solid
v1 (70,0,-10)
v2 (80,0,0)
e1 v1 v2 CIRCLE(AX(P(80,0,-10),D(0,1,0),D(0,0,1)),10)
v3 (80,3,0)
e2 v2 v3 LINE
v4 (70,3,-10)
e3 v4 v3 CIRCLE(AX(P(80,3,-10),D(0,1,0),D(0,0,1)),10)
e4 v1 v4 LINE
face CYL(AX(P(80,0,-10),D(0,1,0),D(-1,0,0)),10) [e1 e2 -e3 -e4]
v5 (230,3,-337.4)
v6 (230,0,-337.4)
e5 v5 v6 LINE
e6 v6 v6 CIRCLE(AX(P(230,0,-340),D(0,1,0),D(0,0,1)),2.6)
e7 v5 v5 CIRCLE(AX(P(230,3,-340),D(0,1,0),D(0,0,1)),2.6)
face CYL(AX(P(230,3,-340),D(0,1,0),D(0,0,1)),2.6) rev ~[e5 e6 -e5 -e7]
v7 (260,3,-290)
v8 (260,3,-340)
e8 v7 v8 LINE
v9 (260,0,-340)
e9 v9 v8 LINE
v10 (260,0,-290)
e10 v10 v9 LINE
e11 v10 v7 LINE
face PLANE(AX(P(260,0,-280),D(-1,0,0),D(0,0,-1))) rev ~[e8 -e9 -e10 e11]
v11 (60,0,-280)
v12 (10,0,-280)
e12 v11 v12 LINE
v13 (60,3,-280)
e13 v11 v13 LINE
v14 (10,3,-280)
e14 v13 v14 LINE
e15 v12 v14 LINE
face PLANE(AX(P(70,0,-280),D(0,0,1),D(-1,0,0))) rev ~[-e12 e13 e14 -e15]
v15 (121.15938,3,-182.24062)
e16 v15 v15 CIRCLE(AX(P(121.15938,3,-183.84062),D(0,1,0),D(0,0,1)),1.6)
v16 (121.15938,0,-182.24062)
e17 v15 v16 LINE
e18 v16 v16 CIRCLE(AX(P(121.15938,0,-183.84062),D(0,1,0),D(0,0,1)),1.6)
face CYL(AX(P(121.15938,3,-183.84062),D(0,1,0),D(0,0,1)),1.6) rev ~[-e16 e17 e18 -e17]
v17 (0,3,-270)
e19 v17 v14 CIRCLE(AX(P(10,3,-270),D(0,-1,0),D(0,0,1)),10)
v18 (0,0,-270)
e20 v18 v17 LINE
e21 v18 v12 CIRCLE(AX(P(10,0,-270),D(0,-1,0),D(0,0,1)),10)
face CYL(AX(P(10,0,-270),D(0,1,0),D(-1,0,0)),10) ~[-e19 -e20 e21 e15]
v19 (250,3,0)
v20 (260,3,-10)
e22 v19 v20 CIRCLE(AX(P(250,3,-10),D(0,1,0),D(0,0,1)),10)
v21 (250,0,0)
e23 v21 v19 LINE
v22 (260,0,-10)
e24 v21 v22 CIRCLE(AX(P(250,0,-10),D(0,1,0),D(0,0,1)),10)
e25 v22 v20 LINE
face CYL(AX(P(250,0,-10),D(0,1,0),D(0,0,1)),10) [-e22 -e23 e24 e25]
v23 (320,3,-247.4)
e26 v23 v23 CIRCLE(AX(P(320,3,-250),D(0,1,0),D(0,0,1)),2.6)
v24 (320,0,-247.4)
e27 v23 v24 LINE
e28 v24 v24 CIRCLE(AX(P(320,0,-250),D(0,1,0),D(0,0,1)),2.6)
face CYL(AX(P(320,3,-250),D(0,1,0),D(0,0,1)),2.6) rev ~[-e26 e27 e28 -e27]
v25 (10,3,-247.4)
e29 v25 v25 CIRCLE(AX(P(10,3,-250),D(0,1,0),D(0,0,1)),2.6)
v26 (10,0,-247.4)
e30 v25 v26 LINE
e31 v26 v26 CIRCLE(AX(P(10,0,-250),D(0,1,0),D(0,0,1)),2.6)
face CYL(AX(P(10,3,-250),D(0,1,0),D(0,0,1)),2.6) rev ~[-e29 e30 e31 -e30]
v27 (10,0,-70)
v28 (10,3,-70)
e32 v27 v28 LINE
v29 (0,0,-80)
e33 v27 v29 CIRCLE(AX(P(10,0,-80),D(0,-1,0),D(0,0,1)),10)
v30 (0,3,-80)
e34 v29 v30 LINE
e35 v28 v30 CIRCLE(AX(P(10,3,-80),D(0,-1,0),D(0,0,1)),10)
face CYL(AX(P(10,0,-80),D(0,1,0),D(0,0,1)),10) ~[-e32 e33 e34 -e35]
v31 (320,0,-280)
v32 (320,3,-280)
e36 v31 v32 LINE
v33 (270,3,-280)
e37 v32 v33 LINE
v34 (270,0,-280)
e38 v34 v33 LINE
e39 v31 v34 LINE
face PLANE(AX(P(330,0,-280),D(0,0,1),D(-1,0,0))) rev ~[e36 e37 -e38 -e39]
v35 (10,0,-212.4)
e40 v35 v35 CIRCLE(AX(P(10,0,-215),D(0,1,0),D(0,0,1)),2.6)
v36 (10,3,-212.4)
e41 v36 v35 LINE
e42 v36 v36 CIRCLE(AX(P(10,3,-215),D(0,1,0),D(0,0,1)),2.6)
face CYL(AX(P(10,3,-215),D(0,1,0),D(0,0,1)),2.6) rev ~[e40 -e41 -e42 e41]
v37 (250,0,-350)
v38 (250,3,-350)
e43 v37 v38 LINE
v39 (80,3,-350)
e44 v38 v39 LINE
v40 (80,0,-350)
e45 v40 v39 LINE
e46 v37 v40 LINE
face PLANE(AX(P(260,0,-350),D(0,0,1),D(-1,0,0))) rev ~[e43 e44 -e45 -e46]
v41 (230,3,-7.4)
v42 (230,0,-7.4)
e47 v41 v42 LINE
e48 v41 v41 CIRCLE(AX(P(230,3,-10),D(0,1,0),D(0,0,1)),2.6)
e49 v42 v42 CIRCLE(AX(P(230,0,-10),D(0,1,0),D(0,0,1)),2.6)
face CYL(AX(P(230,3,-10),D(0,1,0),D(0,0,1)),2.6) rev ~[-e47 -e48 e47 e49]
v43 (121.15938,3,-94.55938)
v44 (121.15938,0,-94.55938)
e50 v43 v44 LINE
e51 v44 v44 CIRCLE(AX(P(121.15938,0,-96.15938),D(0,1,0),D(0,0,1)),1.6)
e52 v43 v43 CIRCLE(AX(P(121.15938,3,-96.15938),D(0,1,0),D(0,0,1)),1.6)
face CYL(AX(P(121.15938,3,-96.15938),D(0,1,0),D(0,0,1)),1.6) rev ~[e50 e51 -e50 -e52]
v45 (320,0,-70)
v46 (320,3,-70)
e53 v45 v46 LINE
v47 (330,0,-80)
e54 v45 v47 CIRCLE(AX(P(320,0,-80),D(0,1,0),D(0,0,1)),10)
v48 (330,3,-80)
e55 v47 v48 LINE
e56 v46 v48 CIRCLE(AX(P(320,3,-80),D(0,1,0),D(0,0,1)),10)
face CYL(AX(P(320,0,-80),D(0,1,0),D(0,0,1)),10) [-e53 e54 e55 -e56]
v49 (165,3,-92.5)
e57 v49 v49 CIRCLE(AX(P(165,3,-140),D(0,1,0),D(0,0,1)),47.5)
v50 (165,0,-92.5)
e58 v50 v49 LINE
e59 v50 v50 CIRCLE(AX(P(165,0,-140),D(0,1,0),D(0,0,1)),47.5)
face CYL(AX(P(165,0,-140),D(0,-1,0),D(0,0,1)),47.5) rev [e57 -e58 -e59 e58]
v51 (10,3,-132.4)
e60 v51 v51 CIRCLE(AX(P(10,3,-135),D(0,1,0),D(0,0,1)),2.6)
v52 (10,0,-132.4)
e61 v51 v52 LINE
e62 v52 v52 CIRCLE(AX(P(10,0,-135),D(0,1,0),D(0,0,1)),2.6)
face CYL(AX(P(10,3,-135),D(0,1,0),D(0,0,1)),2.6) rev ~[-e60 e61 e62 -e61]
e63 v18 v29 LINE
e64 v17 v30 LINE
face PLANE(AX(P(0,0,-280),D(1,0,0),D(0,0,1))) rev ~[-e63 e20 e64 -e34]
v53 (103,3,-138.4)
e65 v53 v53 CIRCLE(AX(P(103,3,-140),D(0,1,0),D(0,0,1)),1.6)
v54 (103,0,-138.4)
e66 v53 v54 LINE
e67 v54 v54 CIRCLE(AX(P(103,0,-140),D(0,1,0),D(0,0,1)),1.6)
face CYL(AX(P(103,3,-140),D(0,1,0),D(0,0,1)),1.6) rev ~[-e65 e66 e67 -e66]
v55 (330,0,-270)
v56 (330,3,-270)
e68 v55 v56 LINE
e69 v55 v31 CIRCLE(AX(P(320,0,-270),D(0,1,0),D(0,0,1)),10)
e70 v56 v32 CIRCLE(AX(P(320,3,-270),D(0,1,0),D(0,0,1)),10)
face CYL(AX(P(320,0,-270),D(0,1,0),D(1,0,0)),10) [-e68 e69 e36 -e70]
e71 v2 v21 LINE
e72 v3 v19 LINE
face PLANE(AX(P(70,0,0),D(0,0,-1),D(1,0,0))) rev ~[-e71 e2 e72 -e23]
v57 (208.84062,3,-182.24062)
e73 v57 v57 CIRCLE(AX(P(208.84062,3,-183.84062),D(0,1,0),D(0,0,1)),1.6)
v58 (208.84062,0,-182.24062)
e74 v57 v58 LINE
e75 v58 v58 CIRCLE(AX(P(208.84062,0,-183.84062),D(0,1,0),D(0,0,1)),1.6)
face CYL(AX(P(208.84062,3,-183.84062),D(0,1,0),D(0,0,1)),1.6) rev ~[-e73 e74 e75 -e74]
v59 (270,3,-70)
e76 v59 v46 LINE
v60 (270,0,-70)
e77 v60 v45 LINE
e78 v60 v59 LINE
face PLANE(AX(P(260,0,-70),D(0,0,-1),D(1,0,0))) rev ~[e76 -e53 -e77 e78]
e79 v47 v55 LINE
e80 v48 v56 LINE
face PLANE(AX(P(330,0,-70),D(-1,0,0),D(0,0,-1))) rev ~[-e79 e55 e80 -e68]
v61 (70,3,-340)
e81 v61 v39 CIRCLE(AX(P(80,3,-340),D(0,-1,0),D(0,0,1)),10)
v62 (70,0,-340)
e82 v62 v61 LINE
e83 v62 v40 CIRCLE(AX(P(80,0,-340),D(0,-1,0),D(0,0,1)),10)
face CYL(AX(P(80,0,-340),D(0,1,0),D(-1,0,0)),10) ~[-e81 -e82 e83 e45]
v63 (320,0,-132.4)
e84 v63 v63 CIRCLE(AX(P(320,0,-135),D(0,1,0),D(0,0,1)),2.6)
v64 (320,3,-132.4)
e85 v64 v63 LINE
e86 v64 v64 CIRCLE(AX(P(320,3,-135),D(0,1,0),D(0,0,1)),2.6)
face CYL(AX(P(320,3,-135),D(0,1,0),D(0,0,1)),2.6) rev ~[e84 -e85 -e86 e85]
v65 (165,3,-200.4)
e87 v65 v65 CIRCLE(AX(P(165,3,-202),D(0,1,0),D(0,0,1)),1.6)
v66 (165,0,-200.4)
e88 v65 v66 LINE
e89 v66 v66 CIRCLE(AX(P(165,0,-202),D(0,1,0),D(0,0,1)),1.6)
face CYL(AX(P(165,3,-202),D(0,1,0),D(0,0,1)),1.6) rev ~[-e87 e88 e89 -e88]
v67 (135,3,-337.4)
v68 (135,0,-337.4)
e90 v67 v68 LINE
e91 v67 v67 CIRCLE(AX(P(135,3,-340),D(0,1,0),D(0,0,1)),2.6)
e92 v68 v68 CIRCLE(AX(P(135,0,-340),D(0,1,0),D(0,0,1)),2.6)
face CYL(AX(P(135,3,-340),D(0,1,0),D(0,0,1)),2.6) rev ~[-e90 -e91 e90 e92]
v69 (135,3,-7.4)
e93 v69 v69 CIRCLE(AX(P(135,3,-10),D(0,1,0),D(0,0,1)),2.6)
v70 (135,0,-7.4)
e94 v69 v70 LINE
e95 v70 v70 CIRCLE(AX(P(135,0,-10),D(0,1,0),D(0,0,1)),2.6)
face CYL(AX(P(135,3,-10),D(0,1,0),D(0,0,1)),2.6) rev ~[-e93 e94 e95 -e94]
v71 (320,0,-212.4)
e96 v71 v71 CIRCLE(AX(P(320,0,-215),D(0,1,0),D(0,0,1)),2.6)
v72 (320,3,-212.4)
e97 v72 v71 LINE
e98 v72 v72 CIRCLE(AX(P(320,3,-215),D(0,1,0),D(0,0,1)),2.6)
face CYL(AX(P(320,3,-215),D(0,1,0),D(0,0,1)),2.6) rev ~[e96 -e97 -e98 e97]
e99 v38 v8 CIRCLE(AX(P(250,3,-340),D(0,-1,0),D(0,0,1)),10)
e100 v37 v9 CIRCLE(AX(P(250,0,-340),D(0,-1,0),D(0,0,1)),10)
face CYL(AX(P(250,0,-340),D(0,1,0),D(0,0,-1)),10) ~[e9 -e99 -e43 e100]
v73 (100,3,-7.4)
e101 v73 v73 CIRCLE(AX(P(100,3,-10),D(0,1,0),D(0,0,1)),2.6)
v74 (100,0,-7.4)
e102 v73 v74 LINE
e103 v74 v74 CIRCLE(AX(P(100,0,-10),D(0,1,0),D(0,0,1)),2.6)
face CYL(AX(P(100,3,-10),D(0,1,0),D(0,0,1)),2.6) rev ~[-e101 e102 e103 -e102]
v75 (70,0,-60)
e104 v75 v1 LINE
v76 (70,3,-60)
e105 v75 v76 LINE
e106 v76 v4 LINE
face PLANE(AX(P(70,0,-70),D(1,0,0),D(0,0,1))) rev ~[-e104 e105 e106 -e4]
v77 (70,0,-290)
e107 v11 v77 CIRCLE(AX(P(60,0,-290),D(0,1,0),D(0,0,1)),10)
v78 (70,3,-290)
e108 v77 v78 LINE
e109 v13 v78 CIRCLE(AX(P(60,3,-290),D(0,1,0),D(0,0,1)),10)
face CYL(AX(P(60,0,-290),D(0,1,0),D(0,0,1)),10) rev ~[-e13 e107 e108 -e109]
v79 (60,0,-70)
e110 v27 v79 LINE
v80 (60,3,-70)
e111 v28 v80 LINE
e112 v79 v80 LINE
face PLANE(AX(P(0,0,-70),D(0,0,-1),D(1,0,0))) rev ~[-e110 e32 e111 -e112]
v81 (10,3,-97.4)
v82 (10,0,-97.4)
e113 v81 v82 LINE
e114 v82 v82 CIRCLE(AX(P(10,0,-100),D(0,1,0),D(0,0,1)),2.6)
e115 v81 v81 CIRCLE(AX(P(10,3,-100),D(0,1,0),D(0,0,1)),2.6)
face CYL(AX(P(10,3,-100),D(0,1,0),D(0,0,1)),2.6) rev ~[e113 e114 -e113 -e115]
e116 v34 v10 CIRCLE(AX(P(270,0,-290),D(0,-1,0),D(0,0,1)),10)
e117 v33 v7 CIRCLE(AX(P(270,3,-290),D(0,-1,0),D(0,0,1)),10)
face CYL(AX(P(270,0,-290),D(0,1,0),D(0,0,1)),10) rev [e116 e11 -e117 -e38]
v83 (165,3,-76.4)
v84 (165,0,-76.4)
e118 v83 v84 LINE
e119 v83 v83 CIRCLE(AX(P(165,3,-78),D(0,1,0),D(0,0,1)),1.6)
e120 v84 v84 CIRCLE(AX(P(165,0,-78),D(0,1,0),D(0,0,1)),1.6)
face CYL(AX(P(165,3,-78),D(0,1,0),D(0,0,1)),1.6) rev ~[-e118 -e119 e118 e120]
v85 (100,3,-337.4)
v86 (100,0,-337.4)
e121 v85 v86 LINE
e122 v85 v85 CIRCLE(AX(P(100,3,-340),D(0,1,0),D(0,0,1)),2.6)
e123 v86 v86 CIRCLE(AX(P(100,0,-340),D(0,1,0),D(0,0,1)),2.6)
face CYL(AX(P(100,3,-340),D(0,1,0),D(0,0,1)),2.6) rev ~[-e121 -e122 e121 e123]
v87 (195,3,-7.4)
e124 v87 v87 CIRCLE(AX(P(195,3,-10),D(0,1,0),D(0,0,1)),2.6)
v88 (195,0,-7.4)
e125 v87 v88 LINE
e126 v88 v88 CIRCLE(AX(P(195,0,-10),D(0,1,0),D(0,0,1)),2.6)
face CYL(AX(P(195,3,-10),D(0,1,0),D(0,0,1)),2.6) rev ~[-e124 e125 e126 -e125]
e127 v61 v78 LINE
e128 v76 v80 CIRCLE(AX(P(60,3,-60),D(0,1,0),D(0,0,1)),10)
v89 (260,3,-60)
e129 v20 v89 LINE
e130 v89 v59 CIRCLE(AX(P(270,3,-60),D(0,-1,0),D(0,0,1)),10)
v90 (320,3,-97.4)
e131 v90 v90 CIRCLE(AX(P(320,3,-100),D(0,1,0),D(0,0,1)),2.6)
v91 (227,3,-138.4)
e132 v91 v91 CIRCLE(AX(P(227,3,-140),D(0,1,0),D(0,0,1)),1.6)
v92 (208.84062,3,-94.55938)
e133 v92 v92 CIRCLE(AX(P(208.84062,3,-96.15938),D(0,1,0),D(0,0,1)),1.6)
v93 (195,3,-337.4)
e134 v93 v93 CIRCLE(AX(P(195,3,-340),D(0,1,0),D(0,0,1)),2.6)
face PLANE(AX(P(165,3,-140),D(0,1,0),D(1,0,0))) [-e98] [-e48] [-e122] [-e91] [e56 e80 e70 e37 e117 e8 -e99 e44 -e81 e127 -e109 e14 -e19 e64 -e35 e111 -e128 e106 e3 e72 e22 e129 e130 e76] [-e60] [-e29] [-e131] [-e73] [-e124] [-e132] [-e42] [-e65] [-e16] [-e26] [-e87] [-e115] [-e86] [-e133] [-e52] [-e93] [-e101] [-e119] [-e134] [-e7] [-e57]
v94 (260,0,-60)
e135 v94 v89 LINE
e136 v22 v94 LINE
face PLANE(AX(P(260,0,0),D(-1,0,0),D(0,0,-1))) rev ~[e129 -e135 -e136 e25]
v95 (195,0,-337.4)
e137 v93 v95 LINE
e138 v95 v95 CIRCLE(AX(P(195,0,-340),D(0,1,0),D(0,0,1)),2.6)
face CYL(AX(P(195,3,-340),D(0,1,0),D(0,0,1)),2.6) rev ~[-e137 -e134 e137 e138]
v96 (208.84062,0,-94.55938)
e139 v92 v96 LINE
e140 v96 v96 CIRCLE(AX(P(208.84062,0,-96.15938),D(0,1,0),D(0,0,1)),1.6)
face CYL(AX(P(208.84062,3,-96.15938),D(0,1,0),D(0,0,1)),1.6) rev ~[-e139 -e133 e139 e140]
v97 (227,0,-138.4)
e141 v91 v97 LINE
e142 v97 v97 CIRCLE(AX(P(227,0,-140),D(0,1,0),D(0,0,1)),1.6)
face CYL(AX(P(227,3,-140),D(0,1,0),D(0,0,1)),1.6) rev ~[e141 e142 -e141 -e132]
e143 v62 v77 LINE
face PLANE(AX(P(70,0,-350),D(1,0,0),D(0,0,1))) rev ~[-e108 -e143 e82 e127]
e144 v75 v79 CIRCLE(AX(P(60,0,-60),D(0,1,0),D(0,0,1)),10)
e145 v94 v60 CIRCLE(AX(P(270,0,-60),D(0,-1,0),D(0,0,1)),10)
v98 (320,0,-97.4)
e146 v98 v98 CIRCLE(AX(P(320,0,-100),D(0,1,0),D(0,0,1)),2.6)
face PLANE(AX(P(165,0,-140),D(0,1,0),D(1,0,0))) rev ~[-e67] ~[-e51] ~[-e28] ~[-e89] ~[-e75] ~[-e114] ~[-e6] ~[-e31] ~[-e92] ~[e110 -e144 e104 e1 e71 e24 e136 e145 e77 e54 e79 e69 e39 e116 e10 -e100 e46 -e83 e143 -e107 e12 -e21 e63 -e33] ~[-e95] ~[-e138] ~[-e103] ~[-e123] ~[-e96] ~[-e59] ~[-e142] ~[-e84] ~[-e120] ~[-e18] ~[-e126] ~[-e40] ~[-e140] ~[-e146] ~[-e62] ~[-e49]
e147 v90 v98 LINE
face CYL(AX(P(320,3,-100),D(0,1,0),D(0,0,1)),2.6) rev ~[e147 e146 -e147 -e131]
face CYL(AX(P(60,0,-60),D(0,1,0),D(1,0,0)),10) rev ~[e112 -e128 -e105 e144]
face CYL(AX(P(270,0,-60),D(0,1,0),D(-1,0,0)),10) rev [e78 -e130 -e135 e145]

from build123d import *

# Parameters (mm, degrees)
SKETCH1_R           = 56
BOSS_EXTRUDE1_DEPTH = 3
FILLET1_R           = 10
SKETCH2_R           = 2.6
SKETCH2_R_2         = 1.6
CUT_EXTRUDE1_DEPTH  = 482.049893462
BOSS_EXTRUDE2_START = -3
SKETCH3_R           = 56
SKETCH3_R_2         = 47.5
BOSS_EXTRUDE2_DEPTH = 3


with BuildPart() as part:
    # Sketch1 → Boss-Extrude1 (new body)
    with BuildSketch(Plane(origin=(0, 0, 0), x_dir=(1, 0, 0), z_dir=(0, 1, 0))):
        Polygon((70, 70), (70, 0), (260, 0), (260, 70), (330, 70), (330, 280), (260, 280), (260, 350), (70, 350), (70, 280), (0, 280), (0, 70), align=None)
        with Locations(Location((165, 140, 0), (0, 0, 270))):
            Circle(SKETCH1_R, mode=Mode.SUBTRACT)
    extrude(amount=BOSS_EXTRUDE1_DEPTH)

    # Fillet1
    fillet1_edges = [part.edges().sort_by_distance(p)[0] for p in [
        (70, 1.5, 0),
        (70, 1.5, -70),
        (0, 1.5, -70),
        (0, 1.5, -280),
        (70, 1.5, -280),
        (70, 1.5, -350),
        (260, 1.5, -350),
        (260, 1.5, -280),
        (330, 1.5, -280),
        (330, 1.5, -70),
        (260, 1.5, -70),
        (260, 1.5, 0),
    ]]
    fillet(fillet1_edges, radius=FILLET1_R)

    # Sketch2 → Cut-Extrude1 (cut, through all)
    with BuildSketch(Plane(origin=(0, 3, 0), x_dir=(1, 0, 0), z_dir=(0, 1, 0))):
        with Locations(Location((100, 340, 0), (0, 0, 270))):
            Circle(SKETCH2_R)
        with Locations(Location((135, 340, 0), (0, 0, 270))):
            Circle(SKETCH2_R)
        with Locations(Location((195, 340, 0), (0, 0, 270))):
            Circle(SKETCH2_R)
        with Locations(Location((230, 340, 0), (0, 0, 270))):
            Circle(SKETCH2_R)
        with Locations(Location((10, 250, 0), (0, 0, 270))):
            Circle(SKETCH2_R)
        with Locations(Location((10, 215, 0), (0, 0, 270))):
            Circle(SKETCH2_R)
        with Locations(Location((10, 100, 0), (0, 0, 270))):
            Circle(SKETCH2_R)
        with Locations(Location((10, 135, 0), (0, 0, 270))):
            Circle(SKETCH2_R)
        with Locations(Location((100, 10, 0), (0, 0, 270))):
            Circle(SKETCH2_R)
        with Locations(Location((135, 10, 0), (0, 0, 270))):
            Circle(SKETCH2_R)
        with Locations(Location((195, 10, 0), (0, 0, 270))):
            Circle(SKETCH2_R)
        with Locations(Location((230, 10, 0), (0, 0, 270))):
            Circle(SKETCH2_R)
        with Locations(Location((320, 100, 0), (0, 0, 270))):
            Circle(SKETCH2_R)
        with Locations(Location((320, 135, 0), (0, 0, 270))):
            Circle(SKETCH2_R)
        with Locations(Location((320, 250, 0), (0, 0, 270))):
            Circle(SKETCH2_R)
        with Locations(Location((320, 215, 0), (0, 0, 270))):
            Circle(SKETCH2_R)
        with Locations(Location((165, 202, 0), (0, 0, 270))):
            Circle(SKETCH2_R_2)
        with Locations(Location((208.840620434, 183.840620434, 0), (0, 0, 270))):
            Circle(SKETCH2_R_2)
        with Locations(Location((227, 140, 0), (0, 0, 270))):
            Circle(SKETCH2_R_2)
        with Locations(Location((208.840620434, 96.159379566, 0), (0, 0, 270))):
            Circle(SKETCH2_R_2)
        with Locations(Location((165, 78, 0), (0, 0, 270))):
            Circle(SKETCH2_R_2)
        with Locations(Location((121.159379566, 96.159379566, 0), (0, 0, 270))):
            Circle(SKETCH2_R_2)
        with Locations(Location((103, 140, 0), (0, 0, 270))):
            Circle(SKETCH2_R_2)
        with Locations(Location((121.159379566, 183.840620434, 0), (0, 0, 270))):
            Circle(SKETCH2_R_2)
    extrude(amount=-CUT_EXTRUDE1_DEPTH, mode=Mode.SUBTRACT)

    # Sketch3 → Boss-Extrude2 (add)
    with BuildSketch(Plane(origin=(0, 3, 0), x_dir=(1, 0, 0), z_dir=(0, 1, 0)).offset(BOSS_EXTRUDE2_START)):
        with Locations((165, 140)):
            Circle(SKETCH3_R)
        with Locations(Location((165, 140, 0), (0, 0, 270))):
            Circle(SKETCH3_R_2, mode=Mode.SUBTRACT)
    extrude(amount=BOSS_EXTRUDE2_DEPTH)


solid = part.part
